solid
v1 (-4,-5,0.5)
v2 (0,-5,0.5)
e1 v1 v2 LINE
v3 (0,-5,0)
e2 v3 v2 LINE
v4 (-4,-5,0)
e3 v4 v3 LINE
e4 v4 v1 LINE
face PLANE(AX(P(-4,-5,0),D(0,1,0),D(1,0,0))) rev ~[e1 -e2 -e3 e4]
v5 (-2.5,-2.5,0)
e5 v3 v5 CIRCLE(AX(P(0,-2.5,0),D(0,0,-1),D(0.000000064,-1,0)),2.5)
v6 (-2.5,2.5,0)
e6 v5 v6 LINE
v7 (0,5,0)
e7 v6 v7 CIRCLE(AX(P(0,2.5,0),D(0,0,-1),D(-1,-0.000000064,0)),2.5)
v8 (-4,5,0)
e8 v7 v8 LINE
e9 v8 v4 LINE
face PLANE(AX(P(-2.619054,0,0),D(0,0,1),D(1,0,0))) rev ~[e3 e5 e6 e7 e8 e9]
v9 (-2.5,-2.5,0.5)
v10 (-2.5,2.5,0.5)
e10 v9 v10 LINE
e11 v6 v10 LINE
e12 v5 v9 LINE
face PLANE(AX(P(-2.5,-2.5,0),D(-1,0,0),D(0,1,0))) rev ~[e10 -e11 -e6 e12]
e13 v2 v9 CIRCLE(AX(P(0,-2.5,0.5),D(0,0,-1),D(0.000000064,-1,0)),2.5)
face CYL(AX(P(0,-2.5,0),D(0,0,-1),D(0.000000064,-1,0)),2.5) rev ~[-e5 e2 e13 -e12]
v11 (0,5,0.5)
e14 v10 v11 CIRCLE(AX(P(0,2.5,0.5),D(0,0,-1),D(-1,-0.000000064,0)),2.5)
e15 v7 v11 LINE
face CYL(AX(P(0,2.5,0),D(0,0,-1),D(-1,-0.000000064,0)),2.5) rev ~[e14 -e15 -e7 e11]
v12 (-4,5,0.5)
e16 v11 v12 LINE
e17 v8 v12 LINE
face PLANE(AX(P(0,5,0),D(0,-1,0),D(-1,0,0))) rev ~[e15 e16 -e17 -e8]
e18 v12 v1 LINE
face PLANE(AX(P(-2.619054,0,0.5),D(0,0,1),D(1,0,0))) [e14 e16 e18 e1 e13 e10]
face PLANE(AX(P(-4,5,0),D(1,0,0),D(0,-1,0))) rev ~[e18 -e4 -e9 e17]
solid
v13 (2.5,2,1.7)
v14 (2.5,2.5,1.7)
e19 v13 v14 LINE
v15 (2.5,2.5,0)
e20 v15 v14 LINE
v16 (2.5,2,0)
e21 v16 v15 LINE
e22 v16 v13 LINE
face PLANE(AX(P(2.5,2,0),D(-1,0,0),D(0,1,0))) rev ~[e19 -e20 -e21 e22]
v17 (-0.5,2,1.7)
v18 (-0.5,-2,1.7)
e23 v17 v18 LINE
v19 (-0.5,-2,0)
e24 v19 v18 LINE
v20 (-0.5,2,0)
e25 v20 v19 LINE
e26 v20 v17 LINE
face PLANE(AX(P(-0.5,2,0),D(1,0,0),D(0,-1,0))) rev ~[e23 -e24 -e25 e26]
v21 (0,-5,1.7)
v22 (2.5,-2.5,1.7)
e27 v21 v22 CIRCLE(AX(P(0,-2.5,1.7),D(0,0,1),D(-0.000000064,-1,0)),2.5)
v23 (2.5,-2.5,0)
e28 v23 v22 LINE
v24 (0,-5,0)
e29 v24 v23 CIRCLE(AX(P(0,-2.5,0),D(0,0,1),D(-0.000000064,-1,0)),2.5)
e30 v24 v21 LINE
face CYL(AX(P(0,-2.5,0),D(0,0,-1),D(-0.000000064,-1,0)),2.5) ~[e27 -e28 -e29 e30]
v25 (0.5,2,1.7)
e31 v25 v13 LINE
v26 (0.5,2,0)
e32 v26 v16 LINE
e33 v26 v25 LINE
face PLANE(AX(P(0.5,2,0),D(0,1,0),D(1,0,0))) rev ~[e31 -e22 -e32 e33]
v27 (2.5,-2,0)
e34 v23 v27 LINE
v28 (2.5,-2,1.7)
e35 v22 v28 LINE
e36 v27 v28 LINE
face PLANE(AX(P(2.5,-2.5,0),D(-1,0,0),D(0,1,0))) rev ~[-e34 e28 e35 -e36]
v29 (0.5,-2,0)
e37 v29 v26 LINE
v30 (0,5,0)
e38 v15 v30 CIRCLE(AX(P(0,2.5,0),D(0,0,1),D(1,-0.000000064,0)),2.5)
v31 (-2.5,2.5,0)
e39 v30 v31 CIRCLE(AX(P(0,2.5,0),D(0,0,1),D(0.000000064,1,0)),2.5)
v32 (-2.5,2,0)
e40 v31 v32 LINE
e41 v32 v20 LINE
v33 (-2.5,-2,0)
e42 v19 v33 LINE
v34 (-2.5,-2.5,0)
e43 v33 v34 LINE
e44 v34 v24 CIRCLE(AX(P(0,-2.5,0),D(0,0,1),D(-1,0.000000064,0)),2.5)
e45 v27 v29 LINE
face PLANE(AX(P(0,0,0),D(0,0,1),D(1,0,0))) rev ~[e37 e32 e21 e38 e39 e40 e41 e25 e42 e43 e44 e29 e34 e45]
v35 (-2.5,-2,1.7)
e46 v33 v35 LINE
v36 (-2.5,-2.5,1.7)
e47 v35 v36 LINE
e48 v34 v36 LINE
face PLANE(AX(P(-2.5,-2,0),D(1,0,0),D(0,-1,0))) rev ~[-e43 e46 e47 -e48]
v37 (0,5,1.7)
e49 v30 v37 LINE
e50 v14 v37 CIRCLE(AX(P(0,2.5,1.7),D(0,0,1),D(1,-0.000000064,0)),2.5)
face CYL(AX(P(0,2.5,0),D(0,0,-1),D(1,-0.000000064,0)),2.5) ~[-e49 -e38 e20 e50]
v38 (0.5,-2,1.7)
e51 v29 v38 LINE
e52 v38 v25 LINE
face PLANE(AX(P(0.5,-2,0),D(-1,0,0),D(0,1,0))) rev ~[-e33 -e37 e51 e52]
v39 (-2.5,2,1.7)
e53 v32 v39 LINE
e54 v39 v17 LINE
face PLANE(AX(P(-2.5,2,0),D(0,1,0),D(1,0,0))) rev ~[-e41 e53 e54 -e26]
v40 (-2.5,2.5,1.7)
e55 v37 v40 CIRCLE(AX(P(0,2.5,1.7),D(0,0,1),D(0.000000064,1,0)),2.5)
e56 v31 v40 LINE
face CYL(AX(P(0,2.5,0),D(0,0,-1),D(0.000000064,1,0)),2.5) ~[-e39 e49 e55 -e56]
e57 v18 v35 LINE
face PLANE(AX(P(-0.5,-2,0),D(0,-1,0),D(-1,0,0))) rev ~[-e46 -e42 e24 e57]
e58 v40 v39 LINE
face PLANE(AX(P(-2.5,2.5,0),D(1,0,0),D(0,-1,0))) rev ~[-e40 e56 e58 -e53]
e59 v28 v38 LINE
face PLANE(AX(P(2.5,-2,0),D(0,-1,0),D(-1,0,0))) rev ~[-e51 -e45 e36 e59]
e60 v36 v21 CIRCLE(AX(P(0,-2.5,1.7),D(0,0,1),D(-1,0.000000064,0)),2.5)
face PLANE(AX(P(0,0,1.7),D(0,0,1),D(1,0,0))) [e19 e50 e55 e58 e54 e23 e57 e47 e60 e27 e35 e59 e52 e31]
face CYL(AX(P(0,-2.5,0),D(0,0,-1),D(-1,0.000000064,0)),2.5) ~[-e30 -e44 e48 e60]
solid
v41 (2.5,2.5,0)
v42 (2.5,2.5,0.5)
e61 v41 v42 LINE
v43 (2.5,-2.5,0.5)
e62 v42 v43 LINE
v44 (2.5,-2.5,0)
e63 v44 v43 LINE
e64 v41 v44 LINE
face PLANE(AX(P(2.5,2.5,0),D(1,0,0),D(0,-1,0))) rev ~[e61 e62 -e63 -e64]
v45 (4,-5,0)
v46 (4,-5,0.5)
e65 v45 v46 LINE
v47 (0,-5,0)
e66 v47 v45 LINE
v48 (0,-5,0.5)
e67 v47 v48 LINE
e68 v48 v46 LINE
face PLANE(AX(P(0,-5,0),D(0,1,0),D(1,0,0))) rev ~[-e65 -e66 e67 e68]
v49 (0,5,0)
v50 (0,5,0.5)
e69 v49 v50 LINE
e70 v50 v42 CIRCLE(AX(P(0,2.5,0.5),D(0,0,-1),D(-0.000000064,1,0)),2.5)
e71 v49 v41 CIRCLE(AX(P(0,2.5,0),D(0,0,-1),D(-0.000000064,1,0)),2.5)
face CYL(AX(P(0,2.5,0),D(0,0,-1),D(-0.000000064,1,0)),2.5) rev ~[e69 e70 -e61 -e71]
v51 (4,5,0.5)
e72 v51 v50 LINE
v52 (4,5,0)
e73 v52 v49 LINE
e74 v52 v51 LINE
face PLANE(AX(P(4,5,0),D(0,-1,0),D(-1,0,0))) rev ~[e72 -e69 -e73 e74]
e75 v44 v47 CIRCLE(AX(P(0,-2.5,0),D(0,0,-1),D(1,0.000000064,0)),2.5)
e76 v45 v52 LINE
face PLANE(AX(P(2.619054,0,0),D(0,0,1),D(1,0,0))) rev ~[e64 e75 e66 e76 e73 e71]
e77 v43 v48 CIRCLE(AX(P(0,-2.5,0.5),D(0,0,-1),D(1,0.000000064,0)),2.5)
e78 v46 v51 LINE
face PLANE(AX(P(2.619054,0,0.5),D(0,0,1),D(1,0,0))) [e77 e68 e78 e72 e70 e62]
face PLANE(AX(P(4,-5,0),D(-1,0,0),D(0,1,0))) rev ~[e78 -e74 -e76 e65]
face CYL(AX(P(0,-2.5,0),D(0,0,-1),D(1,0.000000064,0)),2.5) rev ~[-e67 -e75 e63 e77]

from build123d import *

# Parameters (mm, degrees)
F1_DEPTH = 0.5
F2_DEPTH = 1.7


with BuildPart() as f1:
    # F0 (on Top) → F1 (new body)
    with BuildSketch(Plane.XY):
        with BuildLine():
            ThreePointArc((-2.5, 2.5), (-1.767767, 4.267767), (0, 5))
            Line((0, 5), (-4, 5))
            Line((-4, 5), (-4, -5))
            Line((-4, -5), (0, -5))
            ThreePointArc((0, -5), (-1.767767, -4.267767), (-2.5, -2.5))
            Line((-2.5, -2.5), (-2.5, -2))
            Line((-2.5, -2), (-2.5, 2))
            Line((-2.5, 2), (-2.5, 2.5))
        make_face()
        with BuildLine():
            ThreePointArc((0, 5), (1.767767, 4.267767), (2.5, 2.5))
            Line((2.5, 2.5), (2.5, 2))
            Line((2.5, 2), (2.5, -2))
            Line((2.5, -2), (2.5, -2.5))
            ThreePointArc((2.5, -2.5), (1.767767, -4.267767), (0, -5))
            Line((0, -5), (4, -5))
            Line((4, -5), (4, 5))
            Line((4, 5), (0, 5))
        make_face()
    extrude(amount=F1_DEPTH)


with BuildPart() as f2:
    # F0 (on Top) → F2 (new body)
    with BuildSketch(Plane.XY):
        with BuildLine():
            Line((2.5, 2), (2.5, 2.5))
            ThreePointArc((2.5, 2.5), (1.767767, 4.267767), (0, 5))
            ThreePointArc((0, 5), (-1.767767, 4.267767), (-2.5, 2.5))
            Line((-2.5, 2.5), (-2.5, 2))
            Line((-2.5, 2), (-0.5, 2))
            Line((-0.5, 2), (-0.5, -2))
            Line((-0.5, -2), (-2.5, -2))
            Line((-2.5, -2), (-2.5, -2.5))
            ThreePointArc((-2.5, -2.5), (-1.767767, -4.267767), (0, -5))
            ThreePointArc((0, -5), (1.767767, -4.267767), (2.5, -2.5))
            Line((2.5, -2.5), (2.5, -2))
            Line((2.5, -2), (0.5, -2))
            Line((0.5, -2), (0.5, 2))
            Line((0.5, 2), (2.5, 2))
        make_face()
    extrude(amount=F2_DEPTH)


solid = Compound([f1.part, f2.part])
